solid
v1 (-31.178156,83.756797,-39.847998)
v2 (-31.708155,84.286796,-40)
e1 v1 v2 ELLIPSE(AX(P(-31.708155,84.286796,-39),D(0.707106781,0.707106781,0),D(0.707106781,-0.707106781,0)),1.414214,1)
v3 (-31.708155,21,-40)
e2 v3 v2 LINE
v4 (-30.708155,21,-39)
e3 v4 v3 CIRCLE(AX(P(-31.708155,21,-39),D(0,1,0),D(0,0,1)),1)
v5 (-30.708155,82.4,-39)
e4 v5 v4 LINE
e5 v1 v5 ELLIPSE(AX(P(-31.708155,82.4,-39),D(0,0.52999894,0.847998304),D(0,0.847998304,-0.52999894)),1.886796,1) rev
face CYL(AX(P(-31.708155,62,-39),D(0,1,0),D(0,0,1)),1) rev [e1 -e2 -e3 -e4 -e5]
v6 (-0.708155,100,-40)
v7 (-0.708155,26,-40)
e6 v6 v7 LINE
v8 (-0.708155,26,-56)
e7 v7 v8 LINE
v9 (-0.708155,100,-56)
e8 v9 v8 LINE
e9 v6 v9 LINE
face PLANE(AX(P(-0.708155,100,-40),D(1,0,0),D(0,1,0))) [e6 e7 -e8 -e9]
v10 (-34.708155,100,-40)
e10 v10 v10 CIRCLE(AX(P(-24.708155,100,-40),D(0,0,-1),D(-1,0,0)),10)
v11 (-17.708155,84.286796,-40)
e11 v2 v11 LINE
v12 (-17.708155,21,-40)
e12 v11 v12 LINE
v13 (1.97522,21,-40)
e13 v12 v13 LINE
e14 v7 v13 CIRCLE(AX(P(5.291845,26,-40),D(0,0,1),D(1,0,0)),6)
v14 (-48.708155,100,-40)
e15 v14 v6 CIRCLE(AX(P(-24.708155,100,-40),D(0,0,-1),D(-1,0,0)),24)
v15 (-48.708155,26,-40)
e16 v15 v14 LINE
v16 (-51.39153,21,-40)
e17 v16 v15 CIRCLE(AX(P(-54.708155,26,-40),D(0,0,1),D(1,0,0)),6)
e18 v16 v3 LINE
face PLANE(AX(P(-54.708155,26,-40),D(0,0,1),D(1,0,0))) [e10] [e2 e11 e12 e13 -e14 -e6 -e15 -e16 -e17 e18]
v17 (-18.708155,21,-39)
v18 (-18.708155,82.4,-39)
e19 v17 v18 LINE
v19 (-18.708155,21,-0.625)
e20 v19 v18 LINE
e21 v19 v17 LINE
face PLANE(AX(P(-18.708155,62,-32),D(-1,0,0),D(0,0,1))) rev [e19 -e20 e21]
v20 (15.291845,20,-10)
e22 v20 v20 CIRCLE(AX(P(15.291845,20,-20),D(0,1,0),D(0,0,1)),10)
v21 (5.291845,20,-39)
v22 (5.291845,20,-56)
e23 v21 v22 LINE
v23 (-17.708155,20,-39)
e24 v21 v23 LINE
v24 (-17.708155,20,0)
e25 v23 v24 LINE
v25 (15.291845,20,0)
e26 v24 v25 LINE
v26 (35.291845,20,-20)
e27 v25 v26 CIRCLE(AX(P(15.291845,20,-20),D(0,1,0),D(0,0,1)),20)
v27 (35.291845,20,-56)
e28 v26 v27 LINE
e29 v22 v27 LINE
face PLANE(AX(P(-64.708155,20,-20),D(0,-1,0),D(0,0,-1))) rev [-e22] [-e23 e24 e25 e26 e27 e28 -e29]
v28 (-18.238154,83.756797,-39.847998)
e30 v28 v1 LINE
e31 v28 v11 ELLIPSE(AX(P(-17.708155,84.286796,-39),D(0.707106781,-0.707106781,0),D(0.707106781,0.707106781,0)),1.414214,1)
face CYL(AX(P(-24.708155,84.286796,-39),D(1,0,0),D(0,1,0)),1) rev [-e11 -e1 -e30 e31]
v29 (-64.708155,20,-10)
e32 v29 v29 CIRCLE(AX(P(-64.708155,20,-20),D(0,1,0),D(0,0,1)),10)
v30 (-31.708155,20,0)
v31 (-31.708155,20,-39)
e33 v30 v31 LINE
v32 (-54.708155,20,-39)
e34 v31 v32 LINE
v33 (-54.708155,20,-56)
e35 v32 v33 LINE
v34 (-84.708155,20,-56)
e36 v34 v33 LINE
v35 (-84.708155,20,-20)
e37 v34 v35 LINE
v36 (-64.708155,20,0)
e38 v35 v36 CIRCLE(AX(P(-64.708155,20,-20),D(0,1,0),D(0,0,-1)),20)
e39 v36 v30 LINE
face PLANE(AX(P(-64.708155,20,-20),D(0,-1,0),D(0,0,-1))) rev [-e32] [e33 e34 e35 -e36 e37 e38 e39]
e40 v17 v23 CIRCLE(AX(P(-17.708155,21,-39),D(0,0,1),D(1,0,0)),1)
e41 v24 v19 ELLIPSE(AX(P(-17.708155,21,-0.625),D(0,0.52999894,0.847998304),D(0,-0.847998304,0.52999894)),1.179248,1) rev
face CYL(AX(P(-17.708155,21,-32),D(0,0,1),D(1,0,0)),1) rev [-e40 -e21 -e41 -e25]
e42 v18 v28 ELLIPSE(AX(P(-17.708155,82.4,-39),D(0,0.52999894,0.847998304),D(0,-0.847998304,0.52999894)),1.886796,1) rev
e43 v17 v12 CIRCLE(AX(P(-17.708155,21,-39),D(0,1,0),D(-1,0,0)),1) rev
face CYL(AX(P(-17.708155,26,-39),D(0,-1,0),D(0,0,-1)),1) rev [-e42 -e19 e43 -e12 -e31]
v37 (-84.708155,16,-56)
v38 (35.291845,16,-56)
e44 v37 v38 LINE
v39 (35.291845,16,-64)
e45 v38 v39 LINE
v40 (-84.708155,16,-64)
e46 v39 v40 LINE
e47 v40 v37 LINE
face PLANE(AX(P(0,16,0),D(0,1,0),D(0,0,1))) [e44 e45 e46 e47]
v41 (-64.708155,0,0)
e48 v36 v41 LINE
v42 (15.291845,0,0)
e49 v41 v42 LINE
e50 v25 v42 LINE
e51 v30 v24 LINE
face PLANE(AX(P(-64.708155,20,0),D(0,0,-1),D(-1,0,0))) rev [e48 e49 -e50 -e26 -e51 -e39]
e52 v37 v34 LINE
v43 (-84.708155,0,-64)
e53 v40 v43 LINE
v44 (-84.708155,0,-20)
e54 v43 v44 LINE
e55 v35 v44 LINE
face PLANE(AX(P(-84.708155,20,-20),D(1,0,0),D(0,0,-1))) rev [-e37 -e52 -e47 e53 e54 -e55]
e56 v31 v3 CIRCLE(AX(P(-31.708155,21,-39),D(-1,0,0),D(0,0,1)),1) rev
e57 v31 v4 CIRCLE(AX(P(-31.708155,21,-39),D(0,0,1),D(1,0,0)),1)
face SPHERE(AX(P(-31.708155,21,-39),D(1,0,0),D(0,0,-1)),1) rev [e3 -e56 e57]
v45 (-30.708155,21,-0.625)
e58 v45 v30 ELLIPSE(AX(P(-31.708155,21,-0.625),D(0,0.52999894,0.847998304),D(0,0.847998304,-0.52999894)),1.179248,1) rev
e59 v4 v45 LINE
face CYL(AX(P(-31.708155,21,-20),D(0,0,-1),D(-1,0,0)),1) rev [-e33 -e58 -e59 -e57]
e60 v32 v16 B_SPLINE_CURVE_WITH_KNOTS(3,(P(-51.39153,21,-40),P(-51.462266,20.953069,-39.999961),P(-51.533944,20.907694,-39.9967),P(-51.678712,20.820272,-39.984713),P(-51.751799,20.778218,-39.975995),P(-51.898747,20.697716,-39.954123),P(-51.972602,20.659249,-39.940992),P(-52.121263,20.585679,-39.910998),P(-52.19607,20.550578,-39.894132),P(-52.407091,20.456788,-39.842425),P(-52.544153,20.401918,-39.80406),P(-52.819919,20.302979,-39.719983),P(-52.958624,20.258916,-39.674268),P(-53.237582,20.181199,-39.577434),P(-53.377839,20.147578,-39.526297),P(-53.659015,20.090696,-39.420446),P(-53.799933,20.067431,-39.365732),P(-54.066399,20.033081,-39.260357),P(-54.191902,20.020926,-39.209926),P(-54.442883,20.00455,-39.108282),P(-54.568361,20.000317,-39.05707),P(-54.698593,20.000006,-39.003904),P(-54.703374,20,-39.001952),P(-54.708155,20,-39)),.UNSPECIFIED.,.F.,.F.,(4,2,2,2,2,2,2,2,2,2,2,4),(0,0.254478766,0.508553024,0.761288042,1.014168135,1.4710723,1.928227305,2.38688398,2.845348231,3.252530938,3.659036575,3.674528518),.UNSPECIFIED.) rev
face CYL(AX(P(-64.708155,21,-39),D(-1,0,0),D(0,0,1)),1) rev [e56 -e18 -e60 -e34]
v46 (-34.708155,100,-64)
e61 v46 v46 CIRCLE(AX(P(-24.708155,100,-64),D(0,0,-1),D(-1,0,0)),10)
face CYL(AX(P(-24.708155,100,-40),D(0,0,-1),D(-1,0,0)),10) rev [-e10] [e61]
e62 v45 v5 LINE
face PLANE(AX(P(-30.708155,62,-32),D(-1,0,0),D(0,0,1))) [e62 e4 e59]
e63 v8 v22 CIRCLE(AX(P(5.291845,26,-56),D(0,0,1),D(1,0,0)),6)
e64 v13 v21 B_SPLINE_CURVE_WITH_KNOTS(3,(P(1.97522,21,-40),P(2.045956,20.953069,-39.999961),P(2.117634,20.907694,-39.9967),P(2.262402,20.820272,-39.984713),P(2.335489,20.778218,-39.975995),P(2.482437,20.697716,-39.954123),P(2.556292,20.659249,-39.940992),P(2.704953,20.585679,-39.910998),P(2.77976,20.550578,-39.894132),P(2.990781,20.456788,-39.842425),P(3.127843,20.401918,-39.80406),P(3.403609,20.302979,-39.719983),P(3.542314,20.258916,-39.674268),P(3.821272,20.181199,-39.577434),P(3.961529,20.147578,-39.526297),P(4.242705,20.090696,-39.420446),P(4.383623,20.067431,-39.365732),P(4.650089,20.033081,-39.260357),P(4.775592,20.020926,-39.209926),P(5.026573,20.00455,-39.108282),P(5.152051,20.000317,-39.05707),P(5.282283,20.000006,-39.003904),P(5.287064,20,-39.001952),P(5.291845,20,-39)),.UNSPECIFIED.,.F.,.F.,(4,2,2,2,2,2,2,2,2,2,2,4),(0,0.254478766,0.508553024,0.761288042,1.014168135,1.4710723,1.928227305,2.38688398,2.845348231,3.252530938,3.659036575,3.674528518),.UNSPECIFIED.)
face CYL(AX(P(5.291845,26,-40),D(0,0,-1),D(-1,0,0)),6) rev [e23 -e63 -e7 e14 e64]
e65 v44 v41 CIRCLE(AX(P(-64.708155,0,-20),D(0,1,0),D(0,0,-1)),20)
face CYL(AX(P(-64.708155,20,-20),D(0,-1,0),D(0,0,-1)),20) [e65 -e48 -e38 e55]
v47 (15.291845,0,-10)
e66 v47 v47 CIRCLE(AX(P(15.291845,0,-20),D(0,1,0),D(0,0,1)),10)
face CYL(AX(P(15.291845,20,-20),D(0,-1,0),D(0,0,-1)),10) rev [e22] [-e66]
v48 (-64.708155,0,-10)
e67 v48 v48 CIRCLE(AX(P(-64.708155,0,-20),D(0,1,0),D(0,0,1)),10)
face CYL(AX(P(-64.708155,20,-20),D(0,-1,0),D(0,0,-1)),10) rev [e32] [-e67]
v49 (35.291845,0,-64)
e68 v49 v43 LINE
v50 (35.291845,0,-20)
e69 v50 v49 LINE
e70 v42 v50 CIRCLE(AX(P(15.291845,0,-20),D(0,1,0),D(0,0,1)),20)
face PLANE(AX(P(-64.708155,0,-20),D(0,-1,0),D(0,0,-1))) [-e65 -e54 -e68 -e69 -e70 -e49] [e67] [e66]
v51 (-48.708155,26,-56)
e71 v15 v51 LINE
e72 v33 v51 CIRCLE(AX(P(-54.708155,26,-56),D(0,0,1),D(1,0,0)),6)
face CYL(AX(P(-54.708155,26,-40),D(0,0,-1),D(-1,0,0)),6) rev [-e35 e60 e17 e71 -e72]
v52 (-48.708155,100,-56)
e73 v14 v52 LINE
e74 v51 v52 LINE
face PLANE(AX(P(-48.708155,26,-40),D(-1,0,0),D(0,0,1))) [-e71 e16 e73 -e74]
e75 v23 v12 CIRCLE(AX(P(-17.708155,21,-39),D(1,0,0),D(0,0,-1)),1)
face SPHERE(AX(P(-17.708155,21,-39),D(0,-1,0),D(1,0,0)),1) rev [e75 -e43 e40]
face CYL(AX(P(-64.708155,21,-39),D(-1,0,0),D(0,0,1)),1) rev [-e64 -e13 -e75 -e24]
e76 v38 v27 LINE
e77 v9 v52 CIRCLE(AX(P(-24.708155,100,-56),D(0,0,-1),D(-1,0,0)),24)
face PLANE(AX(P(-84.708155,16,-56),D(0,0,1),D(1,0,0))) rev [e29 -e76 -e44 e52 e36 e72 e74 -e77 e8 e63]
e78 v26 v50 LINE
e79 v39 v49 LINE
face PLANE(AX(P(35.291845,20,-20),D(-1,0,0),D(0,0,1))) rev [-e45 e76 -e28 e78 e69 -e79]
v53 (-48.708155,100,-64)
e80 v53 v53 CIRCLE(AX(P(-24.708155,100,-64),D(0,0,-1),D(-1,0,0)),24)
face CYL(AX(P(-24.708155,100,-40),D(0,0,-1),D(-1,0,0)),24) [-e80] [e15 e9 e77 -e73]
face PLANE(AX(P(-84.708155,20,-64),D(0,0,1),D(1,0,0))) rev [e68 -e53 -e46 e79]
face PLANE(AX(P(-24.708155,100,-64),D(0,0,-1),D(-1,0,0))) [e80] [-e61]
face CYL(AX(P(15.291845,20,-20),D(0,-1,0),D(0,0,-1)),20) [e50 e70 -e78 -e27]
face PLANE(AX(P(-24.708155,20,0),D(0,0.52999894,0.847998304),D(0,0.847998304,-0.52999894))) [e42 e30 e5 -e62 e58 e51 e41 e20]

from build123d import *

# Parameters (mm, degrees)
SKETCH2_R           = 10
BOSS_EXTRUDE1_DEPTH = 20
SKETCH3_W           = 120
SKETCH3_H           = 8
CUT_EXTRUDE1_DEPTH  = 4
SKETCH7_R           = 10
BOSS_EXTRUDE2_DEPTH = 16
BOSS_EXTRUDE3_START = 8
SKETCH8_R           = 24
SKETCH8_R_2         = 10
BOSS_EXTRUDE3_DEPTH = 8
RIB4_REACH          = 153.895
SKETCH9_WALL_W      = 381.261249794
SKETCH9_WALL_H      = 12
FILLET2_R           = 1


with BuildPart() as part:
    # Sketch2 → Boss-Extrude1 (new body)
    with BuildSketch(Plane(origin=(0, 0, 0), x_dir=(1, 0, 0), z_dir=(0, 1, 0))):
        with BuildLine():
            Line((-64.708154955, 0), (15.291845045, 0))
            ThreePointArc((15.291845045, 0), (29.433980669, 5.857864376), (35.291845045, 20))
            Line((35.291845045, 20), (35.291845045, 64))
            Line((35.291845045, 64), (-84.708154955, 64))
            Line((-84.708154955, 64), (-84.708154955, 20))
            ThreePointArc((-84.708154955, 20), (-78.850290578, 5.857864376), (-64.708154955, 0))
        make_face()
        with Locations(Location((-64.708154955, 20, 0), (0, 0, 270))):
            Circle(SKETCH2_R, mode=Mode.SUBTRACT)
        with Locations(Location((15.291845045, 20, 0), (0, 0, 270))):
            Circle(SKETCH2_R, mode=Mode.SUBTRACT)
    extrude(amount=BOSS_EXTRUDE1_DEPTH)

    # Sketch3 → Cut-Extrude1 (cut)
    with BuildSketch(Plane(origin=(0, 20, 0), x_dir=(1, 0, 0), z_dir=(0, 1, 0))):
        with Locations((-24.708154955, 60)):
            Rectangle(SKETCH3_W, SKETCH3_H)
    extrude(amount=-CUT_EXTRUDE1_DEPTH, mode=Mode.SUBTRACT)

    # Sketch7 → Boss-Extrude2 (add)
    with BuildSketch(Plane(origin=(0, 0, -56), x_dir=(-1, 0, 0), z_dir=(0, 0, -1))):
        with BuildLine():
            Line((24.708154955, 20), (54.708154955, 20))
            ThreePointArc((54.708154955, 20), (50.465514267, 21.757359313), (48.708154955, 26))
            Line((48.708154955, 26), (48.708154955, 100))
            ThreePointArc((48.708154955, 100), (24.708154955, 124), (0.708154955, 100))
            Line((0.708154955, 100), (0.708154955, 26))
            ThreePointArc((0.708154955, 26), (-1.049204358, 21.757359313), (-5.291845045, 20))
            Line((-5.291845045, 20), (24.708154955, 20))
        make_face()
        with Locations((24.708154955, 100)):
            Circle(SKETCH7_R, mode=Mode.SUBTRACT)
    extrude(amount=-BOSS_EXTRUDE2_DEPTH)

    # Sketch8 → Boss-Extrude3 (add)
    with BuildSketch(Plane(origin=(0, 0, -56), x_dir=(-1, 0, 0), z_dir=(0, 0, -1)).offset(BOSS_EXTRUDE3_START)):
        with Locations((24.708154955, 100)):
            Circle(SKETCH8_R)
        with Locations((24.708154955, 100)):
            Circle(SKETCH8_R_2, mode=Mode.SUBTRACT)
    extrude(amount=-BOSS_EXTRUDE3_DEPTH)

    # Sketch9 wall → Rib4 (add, up to next)
    with BuildSketch(Plane(origin=(-24.708154955, 52, -20), x_dir=(0, 0.847998304005, -0.529998940003), z_dir=(0, -0.529998940003, -0.847998304005)), mode=Mode.PRIVATE) as rib4_sk1:
        Rectangle(SKETCH9_WALL_W, SKETCH9_WALL_H)
    rib4_tool1 = extrude(rib4_sk1.sketch, amount=RIB4_REACH, mode=Mode.PRIVATE) - part.part
    add(rib4_tool1.solids().sort_by_distance((-24.708154955, 52, -20))[0])

    # Fillet2
    fillet2_edges = [part.edges().sort_by_distance(p)[0] for p in [
        (-6.708154955, 20, -40),
        (-42.708154955, 20, -40),
        (-24.708154955, 84, -40),
        (-30.708154955, 20, -20),
        (-30.708154955, 52, -40),
        (-18.708154955, 52, -40),
        (-18.708154955, 20, -20),
    ]]
    fillet(fillet2_edges, radius=FILLET2_R)


solid = part.part
